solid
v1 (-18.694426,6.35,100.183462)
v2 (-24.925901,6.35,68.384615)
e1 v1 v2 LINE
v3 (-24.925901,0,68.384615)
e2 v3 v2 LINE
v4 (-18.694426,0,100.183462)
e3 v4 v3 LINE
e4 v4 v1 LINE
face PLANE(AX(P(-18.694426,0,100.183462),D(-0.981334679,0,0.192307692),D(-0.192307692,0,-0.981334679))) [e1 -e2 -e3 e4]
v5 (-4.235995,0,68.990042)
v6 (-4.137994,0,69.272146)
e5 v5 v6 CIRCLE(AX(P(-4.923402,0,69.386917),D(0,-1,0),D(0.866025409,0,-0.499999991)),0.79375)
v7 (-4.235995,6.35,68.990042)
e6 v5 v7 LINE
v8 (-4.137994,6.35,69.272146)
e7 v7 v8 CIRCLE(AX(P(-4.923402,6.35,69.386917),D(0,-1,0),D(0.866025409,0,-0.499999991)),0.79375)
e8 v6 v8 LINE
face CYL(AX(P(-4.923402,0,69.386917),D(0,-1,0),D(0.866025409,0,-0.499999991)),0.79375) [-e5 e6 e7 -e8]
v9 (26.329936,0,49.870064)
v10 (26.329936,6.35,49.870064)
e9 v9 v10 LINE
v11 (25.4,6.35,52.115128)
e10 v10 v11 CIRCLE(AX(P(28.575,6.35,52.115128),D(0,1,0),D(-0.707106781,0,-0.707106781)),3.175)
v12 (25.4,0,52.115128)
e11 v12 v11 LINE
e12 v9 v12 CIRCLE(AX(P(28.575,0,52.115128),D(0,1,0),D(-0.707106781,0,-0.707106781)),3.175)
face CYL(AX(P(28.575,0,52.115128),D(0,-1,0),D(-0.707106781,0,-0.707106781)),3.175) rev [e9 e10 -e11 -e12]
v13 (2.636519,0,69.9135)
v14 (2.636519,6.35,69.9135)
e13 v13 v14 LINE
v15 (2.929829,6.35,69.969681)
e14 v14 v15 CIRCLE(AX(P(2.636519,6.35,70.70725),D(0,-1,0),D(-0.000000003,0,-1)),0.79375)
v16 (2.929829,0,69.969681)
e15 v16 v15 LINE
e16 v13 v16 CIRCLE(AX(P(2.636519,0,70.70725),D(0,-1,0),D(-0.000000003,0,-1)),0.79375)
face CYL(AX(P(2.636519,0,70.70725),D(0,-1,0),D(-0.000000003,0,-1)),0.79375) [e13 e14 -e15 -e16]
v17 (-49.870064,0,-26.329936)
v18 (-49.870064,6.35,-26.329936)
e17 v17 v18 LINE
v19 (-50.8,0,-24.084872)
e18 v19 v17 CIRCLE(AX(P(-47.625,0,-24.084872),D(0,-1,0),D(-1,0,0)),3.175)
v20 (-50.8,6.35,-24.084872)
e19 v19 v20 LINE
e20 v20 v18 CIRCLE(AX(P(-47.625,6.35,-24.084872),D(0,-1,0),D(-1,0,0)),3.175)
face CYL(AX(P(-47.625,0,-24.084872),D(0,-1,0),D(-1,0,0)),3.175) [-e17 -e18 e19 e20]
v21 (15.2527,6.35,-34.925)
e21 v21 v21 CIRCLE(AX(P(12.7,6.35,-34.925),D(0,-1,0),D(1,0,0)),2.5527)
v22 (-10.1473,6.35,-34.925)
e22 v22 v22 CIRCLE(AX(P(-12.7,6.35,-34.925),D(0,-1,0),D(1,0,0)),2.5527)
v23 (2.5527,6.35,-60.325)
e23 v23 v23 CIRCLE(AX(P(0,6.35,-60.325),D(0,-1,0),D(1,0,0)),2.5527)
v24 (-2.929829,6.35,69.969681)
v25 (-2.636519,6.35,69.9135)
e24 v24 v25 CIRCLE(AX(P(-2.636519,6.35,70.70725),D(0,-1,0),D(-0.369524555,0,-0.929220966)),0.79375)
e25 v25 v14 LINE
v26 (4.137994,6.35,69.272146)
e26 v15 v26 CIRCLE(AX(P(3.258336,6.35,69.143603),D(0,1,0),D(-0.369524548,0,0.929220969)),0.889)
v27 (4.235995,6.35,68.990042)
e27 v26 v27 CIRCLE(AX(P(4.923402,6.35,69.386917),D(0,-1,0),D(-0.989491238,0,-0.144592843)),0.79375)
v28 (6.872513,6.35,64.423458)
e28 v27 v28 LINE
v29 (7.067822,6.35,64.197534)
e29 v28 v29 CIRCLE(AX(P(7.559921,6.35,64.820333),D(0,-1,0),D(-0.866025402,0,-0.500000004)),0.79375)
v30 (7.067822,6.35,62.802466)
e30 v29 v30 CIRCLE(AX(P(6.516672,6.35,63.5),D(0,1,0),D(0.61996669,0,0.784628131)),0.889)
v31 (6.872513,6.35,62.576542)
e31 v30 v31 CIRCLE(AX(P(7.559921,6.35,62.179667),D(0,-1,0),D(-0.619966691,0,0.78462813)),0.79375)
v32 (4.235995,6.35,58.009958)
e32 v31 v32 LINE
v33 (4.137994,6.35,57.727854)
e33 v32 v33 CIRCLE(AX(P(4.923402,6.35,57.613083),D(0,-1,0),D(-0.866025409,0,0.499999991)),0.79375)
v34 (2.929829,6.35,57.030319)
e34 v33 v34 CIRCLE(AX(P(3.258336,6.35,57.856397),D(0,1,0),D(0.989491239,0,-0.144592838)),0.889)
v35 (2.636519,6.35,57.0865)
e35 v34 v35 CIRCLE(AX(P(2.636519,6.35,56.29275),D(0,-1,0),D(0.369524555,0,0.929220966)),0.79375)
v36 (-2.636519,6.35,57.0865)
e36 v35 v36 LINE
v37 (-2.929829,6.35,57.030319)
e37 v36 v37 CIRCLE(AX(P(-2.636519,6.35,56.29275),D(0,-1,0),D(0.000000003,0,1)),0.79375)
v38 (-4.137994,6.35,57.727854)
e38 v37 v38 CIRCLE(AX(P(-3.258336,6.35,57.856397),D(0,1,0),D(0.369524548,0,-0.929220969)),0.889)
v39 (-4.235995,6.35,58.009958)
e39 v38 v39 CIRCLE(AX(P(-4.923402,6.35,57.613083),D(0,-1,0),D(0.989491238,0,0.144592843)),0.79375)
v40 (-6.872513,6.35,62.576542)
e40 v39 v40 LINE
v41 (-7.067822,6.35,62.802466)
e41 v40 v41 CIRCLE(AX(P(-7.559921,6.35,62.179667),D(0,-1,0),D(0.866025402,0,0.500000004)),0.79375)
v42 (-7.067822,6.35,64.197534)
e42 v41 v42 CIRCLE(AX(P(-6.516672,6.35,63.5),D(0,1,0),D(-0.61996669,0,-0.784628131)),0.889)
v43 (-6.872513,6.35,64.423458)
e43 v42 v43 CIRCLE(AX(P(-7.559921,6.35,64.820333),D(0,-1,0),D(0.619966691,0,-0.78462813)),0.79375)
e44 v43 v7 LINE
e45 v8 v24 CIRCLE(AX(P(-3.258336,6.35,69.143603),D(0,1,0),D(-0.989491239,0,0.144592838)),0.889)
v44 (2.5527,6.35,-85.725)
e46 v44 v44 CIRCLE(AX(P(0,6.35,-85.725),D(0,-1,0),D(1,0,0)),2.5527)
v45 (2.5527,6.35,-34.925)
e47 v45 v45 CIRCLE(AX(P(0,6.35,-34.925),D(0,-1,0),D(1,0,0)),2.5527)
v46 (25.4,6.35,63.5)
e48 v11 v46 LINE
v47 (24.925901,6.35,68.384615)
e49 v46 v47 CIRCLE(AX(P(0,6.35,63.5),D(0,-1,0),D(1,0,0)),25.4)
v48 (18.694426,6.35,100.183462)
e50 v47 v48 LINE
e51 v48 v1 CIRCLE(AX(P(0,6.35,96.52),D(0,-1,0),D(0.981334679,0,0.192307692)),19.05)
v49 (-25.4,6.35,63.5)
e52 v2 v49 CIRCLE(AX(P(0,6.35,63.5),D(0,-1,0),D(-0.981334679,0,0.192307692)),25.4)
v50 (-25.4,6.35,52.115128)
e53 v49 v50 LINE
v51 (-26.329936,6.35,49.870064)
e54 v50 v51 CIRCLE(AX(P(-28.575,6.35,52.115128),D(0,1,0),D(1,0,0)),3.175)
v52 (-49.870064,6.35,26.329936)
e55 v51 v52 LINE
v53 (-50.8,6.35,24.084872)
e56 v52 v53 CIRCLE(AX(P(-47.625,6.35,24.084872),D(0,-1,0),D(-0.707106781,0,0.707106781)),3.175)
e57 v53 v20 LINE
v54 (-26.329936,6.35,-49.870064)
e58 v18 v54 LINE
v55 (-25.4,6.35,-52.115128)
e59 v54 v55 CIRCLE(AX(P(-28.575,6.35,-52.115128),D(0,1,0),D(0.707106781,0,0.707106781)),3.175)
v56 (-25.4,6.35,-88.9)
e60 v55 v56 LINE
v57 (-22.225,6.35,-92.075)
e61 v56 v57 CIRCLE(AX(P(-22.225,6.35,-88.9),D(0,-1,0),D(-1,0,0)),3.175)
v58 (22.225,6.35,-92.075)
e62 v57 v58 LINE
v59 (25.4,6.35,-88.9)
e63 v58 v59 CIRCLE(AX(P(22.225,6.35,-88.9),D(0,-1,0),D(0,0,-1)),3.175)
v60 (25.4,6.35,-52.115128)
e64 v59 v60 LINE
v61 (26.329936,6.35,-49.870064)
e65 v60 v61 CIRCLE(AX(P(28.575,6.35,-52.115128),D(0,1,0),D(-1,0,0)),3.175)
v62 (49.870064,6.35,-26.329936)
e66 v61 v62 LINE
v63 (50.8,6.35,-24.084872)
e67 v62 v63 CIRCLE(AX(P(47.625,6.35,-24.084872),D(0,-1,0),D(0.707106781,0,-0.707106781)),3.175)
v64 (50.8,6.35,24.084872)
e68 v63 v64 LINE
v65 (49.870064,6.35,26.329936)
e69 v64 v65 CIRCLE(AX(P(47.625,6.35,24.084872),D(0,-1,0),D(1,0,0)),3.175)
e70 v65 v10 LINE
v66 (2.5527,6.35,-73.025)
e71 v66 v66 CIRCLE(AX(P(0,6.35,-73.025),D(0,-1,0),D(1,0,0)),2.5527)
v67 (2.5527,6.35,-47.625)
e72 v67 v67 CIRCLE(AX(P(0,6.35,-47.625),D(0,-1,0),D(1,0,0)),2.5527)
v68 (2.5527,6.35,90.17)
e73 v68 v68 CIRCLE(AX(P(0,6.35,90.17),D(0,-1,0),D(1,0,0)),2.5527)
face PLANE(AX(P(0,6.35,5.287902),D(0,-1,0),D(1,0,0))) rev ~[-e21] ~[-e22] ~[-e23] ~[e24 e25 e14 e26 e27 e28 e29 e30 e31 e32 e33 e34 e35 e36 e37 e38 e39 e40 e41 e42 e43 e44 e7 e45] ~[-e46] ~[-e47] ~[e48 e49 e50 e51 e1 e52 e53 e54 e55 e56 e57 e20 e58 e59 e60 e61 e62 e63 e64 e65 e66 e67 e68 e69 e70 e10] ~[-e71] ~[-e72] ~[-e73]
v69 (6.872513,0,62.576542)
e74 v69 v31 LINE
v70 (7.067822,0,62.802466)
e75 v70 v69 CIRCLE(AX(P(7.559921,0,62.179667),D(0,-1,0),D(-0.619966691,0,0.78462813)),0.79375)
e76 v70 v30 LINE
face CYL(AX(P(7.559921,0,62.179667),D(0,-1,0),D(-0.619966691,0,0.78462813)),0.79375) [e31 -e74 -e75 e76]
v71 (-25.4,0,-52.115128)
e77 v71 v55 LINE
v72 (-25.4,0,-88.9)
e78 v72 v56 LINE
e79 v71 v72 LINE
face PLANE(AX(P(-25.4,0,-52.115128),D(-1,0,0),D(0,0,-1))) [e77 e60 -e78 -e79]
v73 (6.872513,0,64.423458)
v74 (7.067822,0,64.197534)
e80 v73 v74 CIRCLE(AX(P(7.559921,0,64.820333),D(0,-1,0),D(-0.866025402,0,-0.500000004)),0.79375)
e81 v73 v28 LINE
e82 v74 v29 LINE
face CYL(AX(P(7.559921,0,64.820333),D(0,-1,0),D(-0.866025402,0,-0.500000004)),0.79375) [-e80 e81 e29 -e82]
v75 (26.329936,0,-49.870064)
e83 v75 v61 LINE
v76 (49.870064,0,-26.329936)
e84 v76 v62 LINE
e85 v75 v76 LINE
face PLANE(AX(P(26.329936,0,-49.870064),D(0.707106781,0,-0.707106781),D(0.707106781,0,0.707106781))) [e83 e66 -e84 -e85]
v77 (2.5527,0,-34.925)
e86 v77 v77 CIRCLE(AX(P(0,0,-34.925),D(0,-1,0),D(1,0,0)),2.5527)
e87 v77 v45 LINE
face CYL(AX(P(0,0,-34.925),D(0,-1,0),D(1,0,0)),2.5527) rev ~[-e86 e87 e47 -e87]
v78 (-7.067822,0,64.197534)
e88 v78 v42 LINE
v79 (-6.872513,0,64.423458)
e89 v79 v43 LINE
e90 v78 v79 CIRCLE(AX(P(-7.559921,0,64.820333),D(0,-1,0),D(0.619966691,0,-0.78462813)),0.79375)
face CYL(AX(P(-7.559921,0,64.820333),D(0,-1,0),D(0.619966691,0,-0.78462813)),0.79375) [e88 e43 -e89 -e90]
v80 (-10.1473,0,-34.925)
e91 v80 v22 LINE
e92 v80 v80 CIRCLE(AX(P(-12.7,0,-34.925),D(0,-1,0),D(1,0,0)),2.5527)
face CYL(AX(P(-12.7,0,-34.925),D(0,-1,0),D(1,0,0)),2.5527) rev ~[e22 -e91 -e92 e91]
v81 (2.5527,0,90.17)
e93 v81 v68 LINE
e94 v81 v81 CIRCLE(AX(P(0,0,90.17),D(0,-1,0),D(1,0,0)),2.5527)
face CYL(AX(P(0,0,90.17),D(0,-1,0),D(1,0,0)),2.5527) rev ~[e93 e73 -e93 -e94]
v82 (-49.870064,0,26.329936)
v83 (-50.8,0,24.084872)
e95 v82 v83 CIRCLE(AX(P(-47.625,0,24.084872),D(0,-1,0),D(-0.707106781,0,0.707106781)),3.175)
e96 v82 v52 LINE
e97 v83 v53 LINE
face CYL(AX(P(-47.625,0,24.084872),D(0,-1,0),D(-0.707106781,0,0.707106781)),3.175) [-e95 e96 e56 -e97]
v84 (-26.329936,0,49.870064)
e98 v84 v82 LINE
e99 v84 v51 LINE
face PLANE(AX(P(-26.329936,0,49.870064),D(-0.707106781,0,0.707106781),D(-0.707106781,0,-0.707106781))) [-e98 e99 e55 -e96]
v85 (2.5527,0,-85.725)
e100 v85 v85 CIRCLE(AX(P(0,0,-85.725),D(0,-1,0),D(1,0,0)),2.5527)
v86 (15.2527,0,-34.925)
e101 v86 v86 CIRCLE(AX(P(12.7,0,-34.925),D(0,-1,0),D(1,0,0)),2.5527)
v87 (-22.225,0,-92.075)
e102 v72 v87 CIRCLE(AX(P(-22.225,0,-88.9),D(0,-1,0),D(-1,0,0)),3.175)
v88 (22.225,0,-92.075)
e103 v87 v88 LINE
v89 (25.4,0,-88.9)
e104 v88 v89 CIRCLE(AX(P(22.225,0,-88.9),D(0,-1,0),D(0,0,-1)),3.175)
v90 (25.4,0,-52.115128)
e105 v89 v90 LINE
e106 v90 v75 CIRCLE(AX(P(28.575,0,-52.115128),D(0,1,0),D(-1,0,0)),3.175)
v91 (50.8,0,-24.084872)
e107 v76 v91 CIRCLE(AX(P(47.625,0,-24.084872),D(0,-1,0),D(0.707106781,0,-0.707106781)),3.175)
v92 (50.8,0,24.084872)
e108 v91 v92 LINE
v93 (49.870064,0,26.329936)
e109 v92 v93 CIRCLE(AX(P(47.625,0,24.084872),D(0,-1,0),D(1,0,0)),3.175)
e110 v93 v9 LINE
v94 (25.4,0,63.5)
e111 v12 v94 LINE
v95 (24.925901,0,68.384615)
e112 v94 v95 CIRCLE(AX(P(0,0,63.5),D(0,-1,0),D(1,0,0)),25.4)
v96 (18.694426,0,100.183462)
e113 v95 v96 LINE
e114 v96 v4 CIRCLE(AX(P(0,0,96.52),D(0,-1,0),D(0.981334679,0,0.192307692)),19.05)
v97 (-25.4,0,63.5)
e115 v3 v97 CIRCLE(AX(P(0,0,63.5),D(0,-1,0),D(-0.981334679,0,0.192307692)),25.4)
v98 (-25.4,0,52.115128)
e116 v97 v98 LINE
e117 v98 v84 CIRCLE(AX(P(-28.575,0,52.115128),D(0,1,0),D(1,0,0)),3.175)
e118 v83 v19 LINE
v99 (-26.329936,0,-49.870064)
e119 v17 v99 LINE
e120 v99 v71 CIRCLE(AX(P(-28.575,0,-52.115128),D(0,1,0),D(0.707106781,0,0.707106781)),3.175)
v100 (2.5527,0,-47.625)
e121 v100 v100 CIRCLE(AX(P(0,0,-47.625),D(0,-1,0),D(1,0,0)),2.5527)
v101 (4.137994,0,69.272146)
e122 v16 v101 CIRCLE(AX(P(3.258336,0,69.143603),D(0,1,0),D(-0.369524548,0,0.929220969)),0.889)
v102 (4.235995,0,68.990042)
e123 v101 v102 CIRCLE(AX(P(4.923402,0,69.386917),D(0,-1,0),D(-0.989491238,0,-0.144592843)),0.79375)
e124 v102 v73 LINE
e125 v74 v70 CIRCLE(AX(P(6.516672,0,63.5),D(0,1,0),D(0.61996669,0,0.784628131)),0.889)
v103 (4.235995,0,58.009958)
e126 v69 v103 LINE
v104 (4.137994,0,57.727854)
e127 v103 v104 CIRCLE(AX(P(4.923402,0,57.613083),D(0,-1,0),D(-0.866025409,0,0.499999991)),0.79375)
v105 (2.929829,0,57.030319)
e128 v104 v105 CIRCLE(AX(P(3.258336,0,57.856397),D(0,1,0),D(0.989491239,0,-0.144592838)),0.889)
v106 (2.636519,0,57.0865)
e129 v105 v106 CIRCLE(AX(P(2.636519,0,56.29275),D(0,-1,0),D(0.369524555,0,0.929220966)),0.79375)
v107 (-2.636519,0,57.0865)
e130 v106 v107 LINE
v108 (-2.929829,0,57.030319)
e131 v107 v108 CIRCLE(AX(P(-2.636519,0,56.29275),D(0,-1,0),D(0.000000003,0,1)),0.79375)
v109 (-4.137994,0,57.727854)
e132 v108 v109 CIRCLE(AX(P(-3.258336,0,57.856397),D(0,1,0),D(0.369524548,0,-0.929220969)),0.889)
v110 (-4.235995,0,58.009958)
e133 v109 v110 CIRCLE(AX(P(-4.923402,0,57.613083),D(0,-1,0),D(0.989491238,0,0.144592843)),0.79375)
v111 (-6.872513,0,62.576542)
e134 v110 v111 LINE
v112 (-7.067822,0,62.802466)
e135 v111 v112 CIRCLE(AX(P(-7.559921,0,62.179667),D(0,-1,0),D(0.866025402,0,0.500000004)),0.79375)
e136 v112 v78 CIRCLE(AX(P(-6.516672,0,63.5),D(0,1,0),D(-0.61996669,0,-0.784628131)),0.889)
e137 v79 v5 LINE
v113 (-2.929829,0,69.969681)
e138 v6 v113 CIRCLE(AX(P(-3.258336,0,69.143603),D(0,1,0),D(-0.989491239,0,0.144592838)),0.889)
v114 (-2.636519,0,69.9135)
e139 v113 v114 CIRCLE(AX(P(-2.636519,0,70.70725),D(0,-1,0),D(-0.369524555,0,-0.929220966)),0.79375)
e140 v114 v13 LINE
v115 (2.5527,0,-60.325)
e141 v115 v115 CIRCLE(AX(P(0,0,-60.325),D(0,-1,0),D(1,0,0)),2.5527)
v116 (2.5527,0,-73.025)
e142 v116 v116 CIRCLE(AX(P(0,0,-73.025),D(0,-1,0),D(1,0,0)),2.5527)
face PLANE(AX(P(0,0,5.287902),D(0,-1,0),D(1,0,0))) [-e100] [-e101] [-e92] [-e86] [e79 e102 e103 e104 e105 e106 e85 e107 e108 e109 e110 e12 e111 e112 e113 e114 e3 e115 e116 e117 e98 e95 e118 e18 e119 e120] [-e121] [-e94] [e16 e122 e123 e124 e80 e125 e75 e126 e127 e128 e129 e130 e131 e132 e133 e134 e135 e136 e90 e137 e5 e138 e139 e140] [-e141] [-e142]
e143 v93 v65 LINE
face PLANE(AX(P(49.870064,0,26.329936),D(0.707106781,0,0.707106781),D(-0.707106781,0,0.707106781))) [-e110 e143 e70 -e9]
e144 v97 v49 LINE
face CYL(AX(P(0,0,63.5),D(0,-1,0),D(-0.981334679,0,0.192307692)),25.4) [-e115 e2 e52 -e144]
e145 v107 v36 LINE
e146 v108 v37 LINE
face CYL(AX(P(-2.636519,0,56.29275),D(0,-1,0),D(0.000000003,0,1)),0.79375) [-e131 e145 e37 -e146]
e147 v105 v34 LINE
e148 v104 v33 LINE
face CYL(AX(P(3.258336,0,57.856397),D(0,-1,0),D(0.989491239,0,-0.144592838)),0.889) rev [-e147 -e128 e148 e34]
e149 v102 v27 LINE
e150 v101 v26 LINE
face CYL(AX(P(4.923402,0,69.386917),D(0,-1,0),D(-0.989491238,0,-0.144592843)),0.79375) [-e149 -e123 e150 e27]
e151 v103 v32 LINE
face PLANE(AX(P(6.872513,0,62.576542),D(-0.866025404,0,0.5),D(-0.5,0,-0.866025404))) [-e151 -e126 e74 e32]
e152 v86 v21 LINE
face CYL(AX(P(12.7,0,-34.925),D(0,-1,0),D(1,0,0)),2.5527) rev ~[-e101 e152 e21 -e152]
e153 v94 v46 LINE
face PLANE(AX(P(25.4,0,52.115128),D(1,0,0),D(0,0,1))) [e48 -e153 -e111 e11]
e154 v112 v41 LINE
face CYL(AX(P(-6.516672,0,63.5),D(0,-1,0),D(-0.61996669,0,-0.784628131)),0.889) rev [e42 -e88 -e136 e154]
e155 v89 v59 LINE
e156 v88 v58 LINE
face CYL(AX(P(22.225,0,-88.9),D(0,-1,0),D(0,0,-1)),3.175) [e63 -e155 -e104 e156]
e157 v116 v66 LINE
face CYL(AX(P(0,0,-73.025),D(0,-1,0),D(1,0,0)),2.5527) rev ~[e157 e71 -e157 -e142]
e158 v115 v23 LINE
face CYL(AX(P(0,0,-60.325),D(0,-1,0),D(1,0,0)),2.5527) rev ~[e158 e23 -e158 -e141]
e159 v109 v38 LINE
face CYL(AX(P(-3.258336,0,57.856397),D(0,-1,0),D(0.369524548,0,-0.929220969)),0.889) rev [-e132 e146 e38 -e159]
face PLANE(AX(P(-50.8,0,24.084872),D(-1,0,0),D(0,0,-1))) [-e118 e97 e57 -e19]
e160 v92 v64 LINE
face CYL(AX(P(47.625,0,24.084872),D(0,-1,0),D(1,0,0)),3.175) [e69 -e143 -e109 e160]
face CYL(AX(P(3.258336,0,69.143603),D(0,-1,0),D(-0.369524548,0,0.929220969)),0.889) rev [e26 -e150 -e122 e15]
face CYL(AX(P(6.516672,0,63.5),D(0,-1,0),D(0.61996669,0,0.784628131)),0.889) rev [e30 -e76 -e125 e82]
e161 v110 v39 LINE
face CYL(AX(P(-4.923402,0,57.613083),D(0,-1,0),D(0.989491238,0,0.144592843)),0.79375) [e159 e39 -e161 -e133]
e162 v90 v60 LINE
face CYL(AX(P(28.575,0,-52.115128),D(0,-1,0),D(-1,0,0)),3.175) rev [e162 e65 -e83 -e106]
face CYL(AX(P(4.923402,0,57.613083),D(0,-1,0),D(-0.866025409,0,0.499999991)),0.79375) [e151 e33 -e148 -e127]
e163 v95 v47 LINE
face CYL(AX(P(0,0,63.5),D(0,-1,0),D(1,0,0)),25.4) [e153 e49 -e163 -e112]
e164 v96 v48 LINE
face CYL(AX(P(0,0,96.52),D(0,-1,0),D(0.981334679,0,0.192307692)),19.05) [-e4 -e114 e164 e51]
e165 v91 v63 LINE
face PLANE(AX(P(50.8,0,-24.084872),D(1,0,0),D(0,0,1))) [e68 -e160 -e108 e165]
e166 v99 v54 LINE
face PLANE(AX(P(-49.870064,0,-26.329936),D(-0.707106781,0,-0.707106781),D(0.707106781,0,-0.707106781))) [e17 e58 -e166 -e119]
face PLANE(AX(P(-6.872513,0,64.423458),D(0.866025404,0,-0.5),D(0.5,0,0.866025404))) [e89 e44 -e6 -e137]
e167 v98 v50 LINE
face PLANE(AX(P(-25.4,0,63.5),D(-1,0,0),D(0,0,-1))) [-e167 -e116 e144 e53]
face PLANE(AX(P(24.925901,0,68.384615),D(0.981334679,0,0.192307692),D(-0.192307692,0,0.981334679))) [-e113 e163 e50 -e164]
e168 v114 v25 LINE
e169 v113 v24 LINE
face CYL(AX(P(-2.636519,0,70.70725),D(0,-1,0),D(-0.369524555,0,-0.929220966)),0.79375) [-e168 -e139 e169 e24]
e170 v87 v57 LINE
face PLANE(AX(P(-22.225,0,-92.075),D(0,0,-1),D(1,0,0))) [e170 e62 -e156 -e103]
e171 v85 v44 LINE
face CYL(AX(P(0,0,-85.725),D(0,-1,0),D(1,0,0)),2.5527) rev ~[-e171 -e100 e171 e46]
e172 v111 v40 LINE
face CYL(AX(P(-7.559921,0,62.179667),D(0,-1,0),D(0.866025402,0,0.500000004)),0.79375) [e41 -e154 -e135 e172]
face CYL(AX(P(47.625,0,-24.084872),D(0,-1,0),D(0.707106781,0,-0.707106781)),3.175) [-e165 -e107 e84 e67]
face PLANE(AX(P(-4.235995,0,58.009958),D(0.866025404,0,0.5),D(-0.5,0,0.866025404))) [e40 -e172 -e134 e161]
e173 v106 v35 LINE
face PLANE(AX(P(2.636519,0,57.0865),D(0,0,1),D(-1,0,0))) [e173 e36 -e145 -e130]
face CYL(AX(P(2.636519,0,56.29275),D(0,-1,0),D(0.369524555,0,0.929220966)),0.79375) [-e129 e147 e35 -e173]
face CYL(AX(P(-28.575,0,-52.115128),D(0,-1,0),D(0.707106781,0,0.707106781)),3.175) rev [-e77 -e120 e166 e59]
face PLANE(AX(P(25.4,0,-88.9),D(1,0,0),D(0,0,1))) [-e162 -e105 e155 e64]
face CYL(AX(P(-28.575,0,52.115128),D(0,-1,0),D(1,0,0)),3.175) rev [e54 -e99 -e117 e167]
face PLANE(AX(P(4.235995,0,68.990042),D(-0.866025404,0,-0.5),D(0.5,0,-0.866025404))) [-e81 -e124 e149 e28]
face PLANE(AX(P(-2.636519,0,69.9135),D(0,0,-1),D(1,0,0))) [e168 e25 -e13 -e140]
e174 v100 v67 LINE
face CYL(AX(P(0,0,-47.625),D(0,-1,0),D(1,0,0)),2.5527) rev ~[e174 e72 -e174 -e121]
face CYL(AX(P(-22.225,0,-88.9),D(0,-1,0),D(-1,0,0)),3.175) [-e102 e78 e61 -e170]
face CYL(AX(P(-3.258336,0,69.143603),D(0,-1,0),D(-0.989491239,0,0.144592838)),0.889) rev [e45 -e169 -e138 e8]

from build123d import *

# Parameters (mm, degrees)
SKETCH1_R           = 2.5527
BOSS_EXTRUDE1_DEPTH = 6.35


with BuildPart() as part:
    # Sketch1 → Boss-Extrude1 (new body)
    with BuildSketch(Plane.XZ):
        with BuildLine():
            Line((-50.8, 24.084871939), (-50.8, -24.084871939))
            ThreePointArc((-50.8, -24.084871939), (-50.558317516, -25.299891837), (-49.87006403, -26.32993597))
            Line((-49.87006403, -26.32993597), (-26.32993597, -49.87006403))
            ThreePointArc((-26.32993597, -49.87006403), (-25.641682484, -50.900108163), (-25.4, -52.115128061))
            Line((-25.4, -52.115128061), (-25.4, -88.9))
            ThreePointArc((-25.4, -88.9), (-24.47006403, -91.14506403), (-22.225, -92.075))
            Line((-22.225, -92.075), (22.225, -92.075))
            ThreePointArc((22.225, -92.075), (24.47006403, -91.14506403), (25.4, -88.9))
            Line((25.4, -88.9), (25.4, -52.115128061))
            ThreePointArc((25.4, -52.115128061), (25.641682484, -50.900108163), (26.32993597, -49.87006403))
            Line((26.32993597, -49.87006403), (49.87006403, -26.32993597))
            ThreePointArc((49.87006403, -26.32993597), (50.558317516, -25.299891837), (50.8, -24.084871939))
            Line((50.8, -24.084871939), (50.8, 24.084871939))
            ThreePointArc((50.8, 24.084871939), (50.558317516, 25.299891837), (49.87006403, 26.32993597))
            Line((49.87006403, 26.32993597), (26.32993597, 49.87006403))
            ThreePointArc((26.32993597, 49.87006403), (25.641682484, 50.900108163), (25.4, 52.115128061))
            Line((25.4, 52.115128061), (25.4, 63.5))
            ThreePointArc((25.4, 63.5), (25.281197373, 65.953784703), (24.925900837, 68.384615385))
            Line((24.925900837, 68.384615385), (18.694425628, 100.183461538))
            ThreePointArc((18.694425628, 100.183461538), (0, 115.57), (-18.694425628, 100.183461538))
            Line((-18.694425628, 100.183461538), (-24.925900837, 68.384615385))
            ThreePointArc((-24.925900837, 68.384615385), (-25.281197373, 65.953784703), (-25.4, 63.5))
            Line((-25.4, 63.5), (-25.4, 52.115128061))
            ThreePointArc((-25.4, 52.115128061), (-25.641682484, 50.900108163), (-26.32993597, 49.87006403))
            Line((-26.32993597, 49.87006403), (-49.87006403, 26.32993597))
            ThreePointArc((-49.87006403, 26.32993597), (-50.558317516, 25.299891837), (-50.8, 24.084871939))
        make_face()
        with Locations((0, 90.17)):
            Circle(SKETCH1_R, mode=Mode.SUBTRACT)
        with Locations((0, -85.725)):
            Circle(SKETCH1_R, mode=Mode.SUBTRACT)
        with Locations((0, -73.025)):
            Circle(SKETCH1_R, mode=Mode.SUBTRACT)
        with Locations((0, -60.325)):
            Circle(SKETCH1_R, mode=Mode.SUBTRACT)
        with Locations((0, -47.625)):
            Circle(SKETCH1_R, mode=Mode.SUBTRACT)
        with Locations((0, -34.925)):
            Circle(SKETCH1_R, mode=Mode.SUBTRACT)
        with Locations((-12.7, -34.925)):
            Circle(SKETCH1_R, mode=Mode.SUBTRACT)
        with Locations((12.7, -34.925)):
            Circle(SKETCH1_R, mode=Mode.SUBTRACT)
        with BuildLine():
            Line((-6.872513185, 64.423457988), (-4.235994669, 68.990042012))
            ThreePointArc((-4.235994669, 68.990042012), (-4.173607217, 69.126443703), (-4.137993663, 69.272146448))
            ThreePointArc((-4.137993663, 69.272146448), (-3.702835951, 69.9135), (-2.929828627, 69.969680857))
            ThreePointArc((-2.929828627, 69.969680857), (-2.785839571, 69.927671726), (-2.636518516, 69.9135))
            Line((-2.636518516, 69.9135), (2.636518516, 69.9135))
            ThreePointArc((2.636518516, 69.9135), (2.785839571, 69.927671726), (2.929828627, 69.969680857))
            ThreePointArc((2.929828627, 69.969680857), (3.702835951, 69.9135), (4.137993663, 69.272146448))
            ThreePointArc((4.137993663, 69.272146448), (4.173607217, 69.126443703), (4.235994669, 68.990042012))
            Line((4.235994669, 68.990042012), (6.872513185, 64.423457988))
            ThreePointArc((6.872513185, 64.423457988), (6.959446788, 64.301228024), (7.06782229, 64.197534409))
            ThreePointArc((7.06782229, 64.197534409), (7.405671903, 63.5), (7.06782229, 62.802465591))
            ThreePointArc((7.06782229, 62.802465591), (6.959446788, 62.698771976), (6.872513185, 62.576542012))
            Line((6.872513185, 62.576542012), (4.235994669, 58.009957988))
            ThreePointArc((4.235994669, 58.009957988), (4.173607217, 57.873556297), (4.137993663, 57.727853552))
            ThreePointArc((4.137993663, 57.727853552), (3.702835951, 57.0865), (2.929828627, 57.030319143))
            ThreePointArc((2.929828627, 57.030319143), (2.785839571, 57.072328274), (2.636518516, 57.0865))
            Line((2.636518516, 57.0865), (-2.636518516, 57.0865))
            ThreePointArc((-2.636518516, 57.0865), (-2.785839571, 57.072328274), (-2.929828627, 57.030319143))
            ThreePointArc((-2.929828627, 57.030319143), (-3.702835951, 57.0865), (-4.137993663, 57.727853552))
            ThreePointArc((-4.137993663, 57.727853552), (-4.173607217, 57.873556297), (-4.235994669, 58.009957988))
            Line((-4.235994669, 58.009957988), (-6.872513185, 62.576542012))
            ThreePointArc((-6.872513185, 62.576542012), (-6.959446788, 62.698771976), (-7.06782229, 62.802465591))
            ThreePointArc((-7.06782229, 62.802465591), (-7.405671903, 63.5), (-7.06782229, 64.197534409))
            ThreePointArc((-7.06782229, 64.197534409), (-6.959446788, 64.301228024), (-6.872513185, 64.423457988))
        make_face(mode=Mode.SUBTRACT)
    extrude(amount=-BOSS_EXTRUDE1_DEPTH)


solid = part.part
